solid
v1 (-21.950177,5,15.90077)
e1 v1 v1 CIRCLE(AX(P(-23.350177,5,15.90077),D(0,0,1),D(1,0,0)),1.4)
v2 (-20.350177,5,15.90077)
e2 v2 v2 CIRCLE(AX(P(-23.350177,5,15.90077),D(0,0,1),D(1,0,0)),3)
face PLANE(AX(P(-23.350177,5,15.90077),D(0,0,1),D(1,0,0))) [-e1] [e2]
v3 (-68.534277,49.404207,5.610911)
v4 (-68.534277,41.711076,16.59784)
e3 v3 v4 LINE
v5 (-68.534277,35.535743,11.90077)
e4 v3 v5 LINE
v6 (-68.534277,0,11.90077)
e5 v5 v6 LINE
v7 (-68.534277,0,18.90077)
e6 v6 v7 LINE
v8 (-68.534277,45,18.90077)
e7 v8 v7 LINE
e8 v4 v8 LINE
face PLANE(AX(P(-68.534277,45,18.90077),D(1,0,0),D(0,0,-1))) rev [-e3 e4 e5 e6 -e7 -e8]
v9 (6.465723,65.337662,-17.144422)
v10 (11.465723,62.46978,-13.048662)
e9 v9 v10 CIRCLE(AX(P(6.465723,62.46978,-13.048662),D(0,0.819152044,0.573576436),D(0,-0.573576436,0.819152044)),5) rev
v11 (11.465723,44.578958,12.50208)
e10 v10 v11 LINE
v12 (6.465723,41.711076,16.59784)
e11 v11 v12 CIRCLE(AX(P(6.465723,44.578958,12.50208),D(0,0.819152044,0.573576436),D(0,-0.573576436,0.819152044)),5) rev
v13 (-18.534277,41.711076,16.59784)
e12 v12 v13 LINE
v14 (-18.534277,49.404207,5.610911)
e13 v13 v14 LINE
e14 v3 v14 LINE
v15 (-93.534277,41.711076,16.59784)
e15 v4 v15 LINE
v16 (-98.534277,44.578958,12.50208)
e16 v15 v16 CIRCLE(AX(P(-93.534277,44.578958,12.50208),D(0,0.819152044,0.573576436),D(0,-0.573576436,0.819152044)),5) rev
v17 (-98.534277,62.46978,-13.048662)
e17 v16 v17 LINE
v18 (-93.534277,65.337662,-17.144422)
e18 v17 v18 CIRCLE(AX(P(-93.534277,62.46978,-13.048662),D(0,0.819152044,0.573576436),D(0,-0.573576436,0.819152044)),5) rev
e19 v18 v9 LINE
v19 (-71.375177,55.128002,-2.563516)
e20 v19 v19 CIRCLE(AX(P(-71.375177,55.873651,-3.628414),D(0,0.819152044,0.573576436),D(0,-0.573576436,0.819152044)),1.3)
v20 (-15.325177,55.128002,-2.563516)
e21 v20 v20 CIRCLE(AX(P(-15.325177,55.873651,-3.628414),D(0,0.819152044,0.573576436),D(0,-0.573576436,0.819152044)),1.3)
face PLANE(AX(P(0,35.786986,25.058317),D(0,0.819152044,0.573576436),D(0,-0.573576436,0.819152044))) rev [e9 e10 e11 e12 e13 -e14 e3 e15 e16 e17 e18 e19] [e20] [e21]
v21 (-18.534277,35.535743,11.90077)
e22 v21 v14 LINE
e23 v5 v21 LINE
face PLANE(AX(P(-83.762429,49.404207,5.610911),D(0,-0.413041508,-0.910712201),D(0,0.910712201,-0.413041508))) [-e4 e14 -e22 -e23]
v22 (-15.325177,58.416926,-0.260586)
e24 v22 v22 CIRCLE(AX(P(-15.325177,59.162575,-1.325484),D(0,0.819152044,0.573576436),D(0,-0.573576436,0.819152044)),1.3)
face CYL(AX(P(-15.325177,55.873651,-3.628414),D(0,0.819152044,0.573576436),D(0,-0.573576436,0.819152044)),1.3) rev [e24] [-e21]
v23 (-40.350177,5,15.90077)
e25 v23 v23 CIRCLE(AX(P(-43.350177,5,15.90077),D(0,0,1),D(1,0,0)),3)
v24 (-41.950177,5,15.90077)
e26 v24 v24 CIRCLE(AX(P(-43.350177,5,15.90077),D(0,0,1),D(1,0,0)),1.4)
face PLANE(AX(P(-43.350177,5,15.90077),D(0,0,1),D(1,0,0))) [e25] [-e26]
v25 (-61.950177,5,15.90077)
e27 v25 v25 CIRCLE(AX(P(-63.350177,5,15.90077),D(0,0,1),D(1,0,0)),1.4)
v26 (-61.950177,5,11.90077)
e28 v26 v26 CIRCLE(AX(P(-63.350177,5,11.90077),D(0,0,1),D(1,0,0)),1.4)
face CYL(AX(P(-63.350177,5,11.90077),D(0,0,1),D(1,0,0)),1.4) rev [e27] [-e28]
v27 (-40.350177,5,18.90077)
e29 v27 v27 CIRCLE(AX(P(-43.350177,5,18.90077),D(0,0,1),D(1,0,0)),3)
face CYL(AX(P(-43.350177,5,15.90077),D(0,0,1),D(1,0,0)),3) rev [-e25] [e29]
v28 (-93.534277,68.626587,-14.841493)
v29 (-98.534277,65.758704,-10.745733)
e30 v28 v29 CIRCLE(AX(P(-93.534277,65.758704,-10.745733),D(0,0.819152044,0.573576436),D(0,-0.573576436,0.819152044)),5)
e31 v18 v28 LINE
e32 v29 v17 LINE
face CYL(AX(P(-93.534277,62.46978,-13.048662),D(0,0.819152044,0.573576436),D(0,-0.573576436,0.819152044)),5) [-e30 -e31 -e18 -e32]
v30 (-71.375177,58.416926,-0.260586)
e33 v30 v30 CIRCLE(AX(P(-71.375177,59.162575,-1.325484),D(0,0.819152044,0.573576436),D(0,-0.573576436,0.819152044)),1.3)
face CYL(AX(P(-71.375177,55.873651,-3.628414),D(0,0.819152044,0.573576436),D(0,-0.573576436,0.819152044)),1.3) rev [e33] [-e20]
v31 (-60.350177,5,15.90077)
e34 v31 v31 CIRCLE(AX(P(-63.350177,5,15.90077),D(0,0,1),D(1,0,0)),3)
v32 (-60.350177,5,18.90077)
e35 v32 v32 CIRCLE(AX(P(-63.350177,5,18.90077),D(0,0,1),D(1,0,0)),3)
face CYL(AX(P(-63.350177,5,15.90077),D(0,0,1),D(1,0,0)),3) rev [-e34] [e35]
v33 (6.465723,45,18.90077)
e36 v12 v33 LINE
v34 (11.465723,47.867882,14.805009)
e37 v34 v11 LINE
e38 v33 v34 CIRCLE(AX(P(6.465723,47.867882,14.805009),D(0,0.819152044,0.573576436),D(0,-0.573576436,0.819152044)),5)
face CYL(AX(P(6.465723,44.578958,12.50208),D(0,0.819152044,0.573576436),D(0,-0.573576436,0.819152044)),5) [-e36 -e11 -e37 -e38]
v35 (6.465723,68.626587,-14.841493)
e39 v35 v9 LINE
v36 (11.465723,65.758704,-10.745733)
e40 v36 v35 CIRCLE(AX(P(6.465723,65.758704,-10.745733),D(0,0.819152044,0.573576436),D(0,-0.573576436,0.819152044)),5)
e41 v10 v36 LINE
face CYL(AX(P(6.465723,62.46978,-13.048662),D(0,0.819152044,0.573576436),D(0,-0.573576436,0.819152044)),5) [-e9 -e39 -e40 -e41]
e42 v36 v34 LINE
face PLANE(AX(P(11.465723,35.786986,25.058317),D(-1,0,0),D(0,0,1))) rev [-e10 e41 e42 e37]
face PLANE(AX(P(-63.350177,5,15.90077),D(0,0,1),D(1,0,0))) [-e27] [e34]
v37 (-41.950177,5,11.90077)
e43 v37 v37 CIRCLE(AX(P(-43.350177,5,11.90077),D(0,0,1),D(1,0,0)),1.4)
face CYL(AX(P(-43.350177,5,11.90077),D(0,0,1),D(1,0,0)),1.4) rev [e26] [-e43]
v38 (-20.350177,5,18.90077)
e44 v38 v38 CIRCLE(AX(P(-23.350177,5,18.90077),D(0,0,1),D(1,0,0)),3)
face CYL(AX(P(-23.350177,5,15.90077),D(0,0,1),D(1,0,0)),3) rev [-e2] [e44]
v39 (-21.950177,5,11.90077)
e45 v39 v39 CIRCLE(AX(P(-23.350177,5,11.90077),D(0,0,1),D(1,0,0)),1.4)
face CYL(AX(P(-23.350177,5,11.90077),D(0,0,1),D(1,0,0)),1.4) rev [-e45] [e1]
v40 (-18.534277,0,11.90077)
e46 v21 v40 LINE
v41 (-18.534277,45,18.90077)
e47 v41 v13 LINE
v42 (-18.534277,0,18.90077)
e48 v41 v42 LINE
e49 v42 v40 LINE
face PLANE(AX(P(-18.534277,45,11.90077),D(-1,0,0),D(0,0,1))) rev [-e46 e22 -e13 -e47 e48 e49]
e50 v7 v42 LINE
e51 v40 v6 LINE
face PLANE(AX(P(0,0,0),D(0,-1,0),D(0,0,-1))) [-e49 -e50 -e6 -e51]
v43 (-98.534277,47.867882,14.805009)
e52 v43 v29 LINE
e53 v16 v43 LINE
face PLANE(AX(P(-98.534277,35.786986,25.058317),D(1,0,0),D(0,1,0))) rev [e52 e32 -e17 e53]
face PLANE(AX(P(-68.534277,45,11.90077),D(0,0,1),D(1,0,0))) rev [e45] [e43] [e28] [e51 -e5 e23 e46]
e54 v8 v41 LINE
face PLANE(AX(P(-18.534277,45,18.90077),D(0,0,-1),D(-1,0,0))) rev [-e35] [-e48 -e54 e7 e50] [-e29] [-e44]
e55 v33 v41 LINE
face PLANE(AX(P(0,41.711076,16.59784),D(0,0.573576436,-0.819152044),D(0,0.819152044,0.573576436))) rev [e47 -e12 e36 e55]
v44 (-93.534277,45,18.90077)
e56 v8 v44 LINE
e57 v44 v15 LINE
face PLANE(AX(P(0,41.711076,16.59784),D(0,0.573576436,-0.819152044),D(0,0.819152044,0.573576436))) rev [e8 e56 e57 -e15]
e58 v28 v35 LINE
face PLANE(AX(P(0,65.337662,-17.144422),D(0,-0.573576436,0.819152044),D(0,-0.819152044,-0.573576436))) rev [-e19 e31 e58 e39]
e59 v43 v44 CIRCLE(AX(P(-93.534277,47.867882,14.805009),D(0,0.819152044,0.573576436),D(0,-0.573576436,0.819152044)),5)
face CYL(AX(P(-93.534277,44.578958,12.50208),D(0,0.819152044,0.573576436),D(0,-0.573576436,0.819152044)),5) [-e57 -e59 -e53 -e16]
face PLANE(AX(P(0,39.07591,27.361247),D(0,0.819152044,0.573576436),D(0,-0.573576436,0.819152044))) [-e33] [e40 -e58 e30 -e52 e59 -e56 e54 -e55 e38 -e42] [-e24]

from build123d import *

# Parameters (mm, degrees)
SKETCH_1_W          = 50
SKETCH_1_H          = 7
EXTRUDE_1_DEPTH     = 45
SKETCH_2_R          = 3
CUT_EXTRUDE_1_DEPTH = 3
SKETCH_3_R          = 1.4
CUT_EXTRUDE_2_DEPTH = 83.08499944
SKETCH_5_R          = 1.3
EXTRUDE_2_DEPTH     = 4.015035
EXTRUDE_3_DEPTH     = 50
FILLET_1_R          = 5


with BuildPart() as part:
    # 草图1 → 凸台-拉伸1 (new body)
    with BuildSketch(Plane(origin=(0, 0, 0), x_dir=(1, 0, 0), z_dir=(0, 1, 0))):
        with Locations((-43.534277066, -15.400769649)):
            Rectangle(SKETCH_1_W, SKETCH_1_H)
    extrude(amount=EXTRUDE_1_DEPTH)

    # 草图2 → 切除-拉伸1 (cut)
    with BuildSketch(Plane.XY.offset(18.900769649)):
        with Locations((-43.350176606, 5)):
            Circle(SKETCH_2_R)
        with Locations((-23.350176606, 5)):
            Circle(SKETCH_2_R)
        with Locations((-63.350176606, 5)):
            Circle(SKETCH_2_R)
    extrude(amount=-CUT_EXTRUDE_1_DEPTH, mode=Mode.SUBTRACT)

    # 草图3 → 切除-拉伸2 (cut, through all)
    with BuildSketch(Plane.XY.offset(15.900769649)):
        with Locations((-23.350176606, 5)):
            Circle(SKETCH_3_R)
        with Locations((-43.350176606, 5)):
            Circle(SKETCH_3_R)
        with Locations((-63.350176606, 5)):
            Circle(SKETCH_3_R)
    extrude(amount=-CUT_EXTRUDE_2_DEPTH, mode=Mode.SUBTRACT)

    # 草图5 → 凸台-拉伸2 (add)
    with BuildSketch(Plane(origin=(0, 39.075910108, 27.36124682), x_dir=(1, 0, 0), z_dir=(0, 0.819152044288991, 0.5735764363510473))):
        Polygon((-68.534277066, 10.328335539), (-18.534277066, 10.328335539), (11.465722934, 10.328335539), (11.465722934, 51.520032107), (-18.534277066, 51.520032107), (-68.534277066, 51.520032107), (-98.534277066, 51.520032107), (-98.534277066, 10.328335539), align=None)
        with Locations(Location((-71.375176606, 35.020032107, 0), (0, 0, 270))):
            Circle(SKETCH_5_R, mode=Mode.SUBTRACT)
        with Locations(Location((-15.325176606, 35.020032107, 0), (0, 0, 270))):
            Circle(SKETCH_5_R, mode=Mode.SUBTRACT)
    extrude(amount=-EXTRUDE_2_DEPTH)

    # 草图6 → 凸台-拉伸3 (add)
    with BuildSketch(Plane(origin=(-18.534277066, 0, 0), x_dir=(0, 0, -1), z_dir=(1, 0, 0))):
        Polygon((-11.900769649, 45), (-5.610910777, 49.404206597), (-11.900769649, 35.535742762), align=None)
    extrude(amount=-EXTRUDE_3_DEPTH)

    # 圆角1
    fillet_1_edges = [part.edges().sort_by_distance(p)[0] for p in [
        (11.465722934, 43.355537936, 17.749304916),
        (-98.534277066, 66.982124461, -15.992957536),
        (11.465722934, 66.982124461, -15.992957536),
        (-98.534277066, 43.355537936, 17.749304916),
    ]]
    fillet(fillet_1_edges, radius=FILLET_1_R)


solid = part.part
